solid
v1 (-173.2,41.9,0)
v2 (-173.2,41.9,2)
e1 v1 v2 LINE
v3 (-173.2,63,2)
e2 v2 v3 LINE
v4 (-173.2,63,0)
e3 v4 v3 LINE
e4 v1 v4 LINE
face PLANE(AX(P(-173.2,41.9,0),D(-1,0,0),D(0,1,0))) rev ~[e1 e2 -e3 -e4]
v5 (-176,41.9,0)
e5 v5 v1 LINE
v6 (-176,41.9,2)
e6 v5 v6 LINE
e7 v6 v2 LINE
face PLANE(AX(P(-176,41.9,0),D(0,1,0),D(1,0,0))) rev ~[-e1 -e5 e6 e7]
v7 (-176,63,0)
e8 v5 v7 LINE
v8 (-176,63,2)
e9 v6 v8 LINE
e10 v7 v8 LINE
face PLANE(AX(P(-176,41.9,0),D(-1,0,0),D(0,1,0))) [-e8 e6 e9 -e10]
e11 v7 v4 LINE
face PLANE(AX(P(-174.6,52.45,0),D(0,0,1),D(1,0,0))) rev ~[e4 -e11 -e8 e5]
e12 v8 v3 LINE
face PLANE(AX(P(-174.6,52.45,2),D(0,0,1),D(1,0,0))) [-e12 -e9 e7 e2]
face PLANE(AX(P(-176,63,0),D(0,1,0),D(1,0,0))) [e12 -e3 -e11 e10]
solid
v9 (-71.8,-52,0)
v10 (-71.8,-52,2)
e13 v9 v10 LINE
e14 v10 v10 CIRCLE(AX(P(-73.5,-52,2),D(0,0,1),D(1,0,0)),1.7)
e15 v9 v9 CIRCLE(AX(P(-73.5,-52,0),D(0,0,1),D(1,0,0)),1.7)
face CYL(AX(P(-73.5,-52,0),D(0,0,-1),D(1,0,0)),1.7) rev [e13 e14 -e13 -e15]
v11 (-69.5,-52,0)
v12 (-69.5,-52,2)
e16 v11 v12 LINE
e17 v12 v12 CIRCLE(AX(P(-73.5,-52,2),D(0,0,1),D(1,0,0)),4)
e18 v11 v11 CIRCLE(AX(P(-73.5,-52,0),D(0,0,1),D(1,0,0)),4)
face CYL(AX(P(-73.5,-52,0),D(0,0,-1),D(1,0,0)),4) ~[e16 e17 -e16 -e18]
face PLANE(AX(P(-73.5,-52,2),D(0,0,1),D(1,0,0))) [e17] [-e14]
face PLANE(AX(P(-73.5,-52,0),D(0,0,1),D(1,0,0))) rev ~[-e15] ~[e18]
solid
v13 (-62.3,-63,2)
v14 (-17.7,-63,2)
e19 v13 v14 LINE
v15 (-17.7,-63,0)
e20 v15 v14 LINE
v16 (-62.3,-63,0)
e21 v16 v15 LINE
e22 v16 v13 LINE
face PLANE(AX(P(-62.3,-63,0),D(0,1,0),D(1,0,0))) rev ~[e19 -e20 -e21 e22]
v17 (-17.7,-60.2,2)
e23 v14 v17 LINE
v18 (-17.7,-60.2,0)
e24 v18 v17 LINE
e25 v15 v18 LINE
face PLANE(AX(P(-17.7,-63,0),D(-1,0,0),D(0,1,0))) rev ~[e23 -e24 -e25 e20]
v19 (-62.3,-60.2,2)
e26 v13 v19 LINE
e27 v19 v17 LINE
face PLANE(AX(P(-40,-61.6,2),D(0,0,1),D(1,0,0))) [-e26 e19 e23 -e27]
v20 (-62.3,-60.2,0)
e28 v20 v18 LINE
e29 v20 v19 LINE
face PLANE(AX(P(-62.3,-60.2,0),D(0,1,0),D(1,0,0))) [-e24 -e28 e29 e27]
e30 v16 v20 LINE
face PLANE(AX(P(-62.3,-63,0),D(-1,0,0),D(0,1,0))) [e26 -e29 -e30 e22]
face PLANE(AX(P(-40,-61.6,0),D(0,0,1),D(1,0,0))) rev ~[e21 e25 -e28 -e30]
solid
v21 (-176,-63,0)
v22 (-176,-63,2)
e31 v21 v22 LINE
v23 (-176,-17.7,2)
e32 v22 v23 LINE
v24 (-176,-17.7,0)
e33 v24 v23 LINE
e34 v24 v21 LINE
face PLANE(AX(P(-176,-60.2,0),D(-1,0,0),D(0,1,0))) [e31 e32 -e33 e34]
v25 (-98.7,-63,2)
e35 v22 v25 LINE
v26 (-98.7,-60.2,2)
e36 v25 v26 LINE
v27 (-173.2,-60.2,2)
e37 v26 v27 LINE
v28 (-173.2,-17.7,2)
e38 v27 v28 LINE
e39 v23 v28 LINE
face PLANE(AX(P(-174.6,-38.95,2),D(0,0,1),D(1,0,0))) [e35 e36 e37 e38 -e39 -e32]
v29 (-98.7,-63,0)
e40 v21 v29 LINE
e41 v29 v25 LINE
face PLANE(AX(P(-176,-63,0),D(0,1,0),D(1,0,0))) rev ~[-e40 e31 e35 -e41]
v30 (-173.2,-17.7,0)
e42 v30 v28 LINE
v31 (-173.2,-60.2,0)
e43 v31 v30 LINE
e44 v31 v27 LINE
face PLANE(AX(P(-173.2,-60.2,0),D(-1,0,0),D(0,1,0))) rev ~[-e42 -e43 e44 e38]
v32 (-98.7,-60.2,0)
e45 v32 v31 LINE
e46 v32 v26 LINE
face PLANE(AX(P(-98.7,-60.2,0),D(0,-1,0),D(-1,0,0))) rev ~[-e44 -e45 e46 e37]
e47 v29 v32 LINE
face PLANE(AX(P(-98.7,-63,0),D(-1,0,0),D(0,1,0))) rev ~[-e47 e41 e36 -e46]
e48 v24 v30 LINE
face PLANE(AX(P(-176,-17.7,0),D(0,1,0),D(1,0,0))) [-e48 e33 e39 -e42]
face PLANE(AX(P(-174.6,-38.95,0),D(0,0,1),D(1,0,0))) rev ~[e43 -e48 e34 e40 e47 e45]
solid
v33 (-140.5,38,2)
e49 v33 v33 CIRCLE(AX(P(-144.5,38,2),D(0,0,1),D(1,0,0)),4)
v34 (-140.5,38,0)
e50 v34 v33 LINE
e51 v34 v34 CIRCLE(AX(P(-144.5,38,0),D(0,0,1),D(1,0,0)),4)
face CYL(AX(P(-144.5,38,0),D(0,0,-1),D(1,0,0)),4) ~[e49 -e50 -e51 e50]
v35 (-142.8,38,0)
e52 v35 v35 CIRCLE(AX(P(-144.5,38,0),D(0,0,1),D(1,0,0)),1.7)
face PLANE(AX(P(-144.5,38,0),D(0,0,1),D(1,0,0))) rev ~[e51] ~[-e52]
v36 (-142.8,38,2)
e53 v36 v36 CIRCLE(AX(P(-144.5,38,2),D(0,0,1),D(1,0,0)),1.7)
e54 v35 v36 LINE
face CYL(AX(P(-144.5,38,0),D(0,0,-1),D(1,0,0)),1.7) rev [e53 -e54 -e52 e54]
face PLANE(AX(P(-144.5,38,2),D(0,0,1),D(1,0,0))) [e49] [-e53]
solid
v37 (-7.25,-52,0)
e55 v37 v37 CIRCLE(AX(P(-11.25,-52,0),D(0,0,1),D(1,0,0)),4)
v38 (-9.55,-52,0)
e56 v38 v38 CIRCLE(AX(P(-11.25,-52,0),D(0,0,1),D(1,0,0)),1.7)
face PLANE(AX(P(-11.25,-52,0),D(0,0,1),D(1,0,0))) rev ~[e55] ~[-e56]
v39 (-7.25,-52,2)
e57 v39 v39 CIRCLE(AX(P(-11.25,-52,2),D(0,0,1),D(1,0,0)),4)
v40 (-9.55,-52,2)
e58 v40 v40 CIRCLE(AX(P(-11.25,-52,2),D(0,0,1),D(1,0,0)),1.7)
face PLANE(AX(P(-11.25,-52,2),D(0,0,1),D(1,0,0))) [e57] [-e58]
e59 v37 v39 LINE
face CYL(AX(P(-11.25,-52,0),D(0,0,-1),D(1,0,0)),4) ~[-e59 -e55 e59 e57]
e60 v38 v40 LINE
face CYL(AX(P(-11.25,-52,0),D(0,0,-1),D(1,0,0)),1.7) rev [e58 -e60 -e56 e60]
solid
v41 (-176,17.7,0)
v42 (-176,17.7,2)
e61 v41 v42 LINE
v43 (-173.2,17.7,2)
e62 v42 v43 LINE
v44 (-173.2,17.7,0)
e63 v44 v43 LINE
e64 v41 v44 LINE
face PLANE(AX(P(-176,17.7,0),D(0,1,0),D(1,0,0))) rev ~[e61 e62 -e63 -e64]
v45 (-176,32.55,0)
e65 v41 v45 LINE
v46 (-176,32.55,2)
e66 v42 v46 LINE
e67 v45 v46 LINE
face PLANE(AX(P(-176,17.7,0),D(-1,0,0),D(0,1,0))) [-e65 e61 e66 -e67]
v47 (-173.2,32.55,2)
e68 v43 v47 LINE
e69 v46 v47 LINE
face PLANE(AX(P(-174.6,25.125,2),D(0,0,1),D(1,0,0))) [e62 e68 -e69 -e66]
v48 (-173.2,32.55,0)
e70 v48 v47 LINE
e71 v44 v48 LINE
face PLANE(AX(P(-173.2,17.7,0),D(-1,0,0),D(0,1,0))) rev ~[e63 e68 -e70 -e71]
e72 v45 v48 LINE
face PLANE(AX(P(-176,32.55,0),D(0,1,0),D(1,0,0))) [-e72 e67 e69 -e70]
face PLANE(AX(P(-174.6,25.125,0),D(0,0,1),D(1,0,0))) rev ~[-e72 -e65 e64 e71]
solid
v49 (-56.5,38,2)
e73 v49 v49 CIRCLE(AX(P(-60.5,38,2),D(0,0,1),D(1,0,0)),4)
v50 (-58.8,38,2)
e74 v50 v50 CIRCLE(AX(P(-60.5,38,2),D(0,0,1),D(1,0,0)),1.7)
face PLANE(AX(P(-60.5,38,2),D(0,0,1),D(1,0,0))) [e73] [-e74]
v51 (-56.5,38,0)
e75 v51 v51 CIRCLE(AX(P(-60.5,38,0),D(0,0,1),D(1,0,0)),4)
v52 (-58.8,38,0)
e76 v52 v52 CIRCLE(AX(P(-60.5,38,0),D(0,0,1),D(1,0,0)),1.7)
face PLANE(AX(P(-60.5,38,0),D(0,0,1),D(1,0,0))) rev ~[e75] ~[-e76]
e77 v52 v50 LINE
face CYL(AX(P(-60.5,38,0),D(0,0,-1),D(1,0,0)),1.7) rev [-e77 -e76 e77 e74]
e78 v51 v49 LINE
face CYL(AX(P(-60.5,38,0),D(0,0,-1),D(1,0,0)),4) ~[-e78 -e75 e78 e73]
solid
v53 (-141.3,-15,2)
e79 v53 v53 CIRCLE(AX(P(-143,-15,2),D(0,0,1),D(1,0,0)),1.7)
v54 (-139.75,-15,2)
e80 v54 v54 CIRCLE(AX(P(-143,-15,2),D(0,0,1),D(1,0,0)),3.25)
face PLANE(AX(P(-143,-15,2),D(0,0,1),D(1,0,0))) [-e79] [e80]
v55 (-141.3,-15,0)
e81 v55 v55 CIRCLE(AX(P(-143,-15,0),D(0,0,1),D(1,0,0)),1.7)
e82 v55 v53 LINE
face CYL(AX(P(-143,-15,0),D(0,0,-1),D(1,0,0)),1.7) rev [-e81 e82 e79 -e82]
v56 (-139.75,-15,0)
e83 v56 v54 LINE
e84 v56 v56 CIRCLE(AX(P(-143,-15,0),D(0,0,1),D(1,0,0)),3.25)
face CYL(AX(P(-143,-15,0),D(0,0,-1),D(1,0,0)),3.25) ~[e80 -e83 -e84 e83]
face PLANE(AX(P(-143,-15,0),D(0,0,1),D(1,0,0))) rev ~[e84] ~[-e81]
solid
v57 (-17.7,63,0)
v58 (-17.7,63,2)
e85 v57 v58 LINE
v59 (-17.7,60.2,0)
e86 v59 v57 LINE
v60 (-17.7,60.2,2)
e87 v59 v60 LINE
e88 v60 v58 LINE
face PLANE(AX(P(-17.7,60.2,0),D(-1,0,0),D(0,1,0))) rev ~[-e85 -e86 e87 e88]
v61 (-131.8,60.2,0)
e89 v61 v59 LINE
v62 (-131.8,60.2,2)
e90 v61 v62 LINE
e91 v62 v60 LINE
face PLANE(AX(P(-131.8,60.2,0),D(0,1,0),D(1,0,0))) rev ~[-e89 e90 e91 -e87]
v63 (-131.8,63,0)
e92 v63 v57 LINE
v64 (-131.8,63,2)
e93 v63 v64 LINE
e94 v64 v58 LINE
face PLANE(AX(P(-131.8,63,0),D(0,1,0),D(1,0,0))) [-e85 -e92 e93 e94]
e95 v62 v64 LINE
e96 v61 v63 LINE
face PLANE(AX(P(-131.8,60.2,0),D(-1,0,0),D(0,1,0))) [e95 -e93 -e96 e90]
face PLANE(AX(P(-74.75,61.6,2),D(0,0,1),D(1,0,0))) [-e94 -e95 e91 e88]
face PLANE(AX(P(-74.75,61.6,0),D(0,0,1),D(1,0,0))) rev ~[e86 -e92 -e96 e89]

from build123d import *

# Parameters (mm, degrees)
SKETCH1_W           = 114.1
SKETCH1_H           = 2.8
SKETCH1_R           = 4
SKETCH1_R_2         = 1.7
SKETCH1_W_2         = 2.8
SKETCH1_H_2         = 21.1
SKETCH1_H_3         = 14.85
SKETCH1_H_4         = 42.5
SKETCH1_R_3         = 3.25
SKETCH1_W_3         = 44.6
BOSS_EXTRUDE1_DEPTH = 2


with BuildPart() as part:
    # Sketch1 → Boss-Extrude1 (new body)
    # profile 1 of 11: a face of its own
    with BuildSketch(Plane.XY):
        with Locations((-74.75, 61.6)):
            Rectangle(SKETCH1_W, SKETCH1_H)
    # profile 2 of 11: a face of its own
    with BuildSketch(Plane.XY):
        with Locations((-60.5, 38)):
            Circle(SKETCH1_R)
        with Locations((-60.5, 38)):
            Circle(SKETCH1_R_2, mode=Mode.SUBTRACT)
    # profile 3 of 11: a face of its own
    with BuildSketch(Plane.XY):
        with Locations((-144.5, 38)):
            Circle(SKETCH1_R)
        with Locations((-144.5, 38)):
            Circle(SKETCH1_R_2, mode=Mode.SUBTRACT)
    # profile 4 of 11: a face of its own
    with BuildSketch(Plane.XY):
        with Locations((-174.6, 52.45)):
            Rectangle(SKETCH1_W_2, SKETCH1_H_2)
    # profile 5 of 11: a face of its own
    with BuildSketch(Plane.XY):
        with Locations((-174.6, 25.125)):
            Rectangle(SKETCH1_W_2, SKETCH1_H_3)
    # profile 6 of 11: a face of its own
    with BuildSketch(Plane.XY):
        with Locations((-174.6, -38.95)):
            Rectangle(SKETCH1_W_2, SKETCH1_H_4)
    # profile 7 of 11: a face of its own
    with BuildSketch(Plane.XY):
        Polygon((-98.7, -60.2), (-173.2, -60.2), (-176, -60.2), (-176, -63), (-98.7, -63), align=None)
    # profile 8 of 11: a face of its own
    with BuildSketch(Plane.XY):
        with Locations((-143, -15)):
            Circle(SKETCH1_R_3)
        with Locations((-143, -15)):
            Circle(SKETCH1_R_2, mode=Mode.SUBTRACT)
    # profile 9 of 11: a face of its own
    with BuildSketch(Plane.XY):
        with Locations((-40, -61.6)):
            Rectangle(SKETCH1_W_3, SKETCH1_H)
    # profile 10 of 11: a face of its own
    with BuildSketch(Plane.XY):
        with Locations((-73.5, -52)):
            Circle(SKETCH1_R)
        with Locations((-73.5, -52)):
            Circle(SKETCH1_R_2, mode=Mode.SUBTRACT)
    # profile 11 of 11: a face of its own
    with BuildSketch(Plane.XY):
        with Locations((-11.25, -52)):
            Circle(SKETCH1_R)
        with Locations((-11.25, -52)):
            Circle(SKETCH1_R_2, mode=Mode.SUBTRACT)
    extrude(amount=BOSS_EXTRUDE1_DEPTH)


solid = part.part
